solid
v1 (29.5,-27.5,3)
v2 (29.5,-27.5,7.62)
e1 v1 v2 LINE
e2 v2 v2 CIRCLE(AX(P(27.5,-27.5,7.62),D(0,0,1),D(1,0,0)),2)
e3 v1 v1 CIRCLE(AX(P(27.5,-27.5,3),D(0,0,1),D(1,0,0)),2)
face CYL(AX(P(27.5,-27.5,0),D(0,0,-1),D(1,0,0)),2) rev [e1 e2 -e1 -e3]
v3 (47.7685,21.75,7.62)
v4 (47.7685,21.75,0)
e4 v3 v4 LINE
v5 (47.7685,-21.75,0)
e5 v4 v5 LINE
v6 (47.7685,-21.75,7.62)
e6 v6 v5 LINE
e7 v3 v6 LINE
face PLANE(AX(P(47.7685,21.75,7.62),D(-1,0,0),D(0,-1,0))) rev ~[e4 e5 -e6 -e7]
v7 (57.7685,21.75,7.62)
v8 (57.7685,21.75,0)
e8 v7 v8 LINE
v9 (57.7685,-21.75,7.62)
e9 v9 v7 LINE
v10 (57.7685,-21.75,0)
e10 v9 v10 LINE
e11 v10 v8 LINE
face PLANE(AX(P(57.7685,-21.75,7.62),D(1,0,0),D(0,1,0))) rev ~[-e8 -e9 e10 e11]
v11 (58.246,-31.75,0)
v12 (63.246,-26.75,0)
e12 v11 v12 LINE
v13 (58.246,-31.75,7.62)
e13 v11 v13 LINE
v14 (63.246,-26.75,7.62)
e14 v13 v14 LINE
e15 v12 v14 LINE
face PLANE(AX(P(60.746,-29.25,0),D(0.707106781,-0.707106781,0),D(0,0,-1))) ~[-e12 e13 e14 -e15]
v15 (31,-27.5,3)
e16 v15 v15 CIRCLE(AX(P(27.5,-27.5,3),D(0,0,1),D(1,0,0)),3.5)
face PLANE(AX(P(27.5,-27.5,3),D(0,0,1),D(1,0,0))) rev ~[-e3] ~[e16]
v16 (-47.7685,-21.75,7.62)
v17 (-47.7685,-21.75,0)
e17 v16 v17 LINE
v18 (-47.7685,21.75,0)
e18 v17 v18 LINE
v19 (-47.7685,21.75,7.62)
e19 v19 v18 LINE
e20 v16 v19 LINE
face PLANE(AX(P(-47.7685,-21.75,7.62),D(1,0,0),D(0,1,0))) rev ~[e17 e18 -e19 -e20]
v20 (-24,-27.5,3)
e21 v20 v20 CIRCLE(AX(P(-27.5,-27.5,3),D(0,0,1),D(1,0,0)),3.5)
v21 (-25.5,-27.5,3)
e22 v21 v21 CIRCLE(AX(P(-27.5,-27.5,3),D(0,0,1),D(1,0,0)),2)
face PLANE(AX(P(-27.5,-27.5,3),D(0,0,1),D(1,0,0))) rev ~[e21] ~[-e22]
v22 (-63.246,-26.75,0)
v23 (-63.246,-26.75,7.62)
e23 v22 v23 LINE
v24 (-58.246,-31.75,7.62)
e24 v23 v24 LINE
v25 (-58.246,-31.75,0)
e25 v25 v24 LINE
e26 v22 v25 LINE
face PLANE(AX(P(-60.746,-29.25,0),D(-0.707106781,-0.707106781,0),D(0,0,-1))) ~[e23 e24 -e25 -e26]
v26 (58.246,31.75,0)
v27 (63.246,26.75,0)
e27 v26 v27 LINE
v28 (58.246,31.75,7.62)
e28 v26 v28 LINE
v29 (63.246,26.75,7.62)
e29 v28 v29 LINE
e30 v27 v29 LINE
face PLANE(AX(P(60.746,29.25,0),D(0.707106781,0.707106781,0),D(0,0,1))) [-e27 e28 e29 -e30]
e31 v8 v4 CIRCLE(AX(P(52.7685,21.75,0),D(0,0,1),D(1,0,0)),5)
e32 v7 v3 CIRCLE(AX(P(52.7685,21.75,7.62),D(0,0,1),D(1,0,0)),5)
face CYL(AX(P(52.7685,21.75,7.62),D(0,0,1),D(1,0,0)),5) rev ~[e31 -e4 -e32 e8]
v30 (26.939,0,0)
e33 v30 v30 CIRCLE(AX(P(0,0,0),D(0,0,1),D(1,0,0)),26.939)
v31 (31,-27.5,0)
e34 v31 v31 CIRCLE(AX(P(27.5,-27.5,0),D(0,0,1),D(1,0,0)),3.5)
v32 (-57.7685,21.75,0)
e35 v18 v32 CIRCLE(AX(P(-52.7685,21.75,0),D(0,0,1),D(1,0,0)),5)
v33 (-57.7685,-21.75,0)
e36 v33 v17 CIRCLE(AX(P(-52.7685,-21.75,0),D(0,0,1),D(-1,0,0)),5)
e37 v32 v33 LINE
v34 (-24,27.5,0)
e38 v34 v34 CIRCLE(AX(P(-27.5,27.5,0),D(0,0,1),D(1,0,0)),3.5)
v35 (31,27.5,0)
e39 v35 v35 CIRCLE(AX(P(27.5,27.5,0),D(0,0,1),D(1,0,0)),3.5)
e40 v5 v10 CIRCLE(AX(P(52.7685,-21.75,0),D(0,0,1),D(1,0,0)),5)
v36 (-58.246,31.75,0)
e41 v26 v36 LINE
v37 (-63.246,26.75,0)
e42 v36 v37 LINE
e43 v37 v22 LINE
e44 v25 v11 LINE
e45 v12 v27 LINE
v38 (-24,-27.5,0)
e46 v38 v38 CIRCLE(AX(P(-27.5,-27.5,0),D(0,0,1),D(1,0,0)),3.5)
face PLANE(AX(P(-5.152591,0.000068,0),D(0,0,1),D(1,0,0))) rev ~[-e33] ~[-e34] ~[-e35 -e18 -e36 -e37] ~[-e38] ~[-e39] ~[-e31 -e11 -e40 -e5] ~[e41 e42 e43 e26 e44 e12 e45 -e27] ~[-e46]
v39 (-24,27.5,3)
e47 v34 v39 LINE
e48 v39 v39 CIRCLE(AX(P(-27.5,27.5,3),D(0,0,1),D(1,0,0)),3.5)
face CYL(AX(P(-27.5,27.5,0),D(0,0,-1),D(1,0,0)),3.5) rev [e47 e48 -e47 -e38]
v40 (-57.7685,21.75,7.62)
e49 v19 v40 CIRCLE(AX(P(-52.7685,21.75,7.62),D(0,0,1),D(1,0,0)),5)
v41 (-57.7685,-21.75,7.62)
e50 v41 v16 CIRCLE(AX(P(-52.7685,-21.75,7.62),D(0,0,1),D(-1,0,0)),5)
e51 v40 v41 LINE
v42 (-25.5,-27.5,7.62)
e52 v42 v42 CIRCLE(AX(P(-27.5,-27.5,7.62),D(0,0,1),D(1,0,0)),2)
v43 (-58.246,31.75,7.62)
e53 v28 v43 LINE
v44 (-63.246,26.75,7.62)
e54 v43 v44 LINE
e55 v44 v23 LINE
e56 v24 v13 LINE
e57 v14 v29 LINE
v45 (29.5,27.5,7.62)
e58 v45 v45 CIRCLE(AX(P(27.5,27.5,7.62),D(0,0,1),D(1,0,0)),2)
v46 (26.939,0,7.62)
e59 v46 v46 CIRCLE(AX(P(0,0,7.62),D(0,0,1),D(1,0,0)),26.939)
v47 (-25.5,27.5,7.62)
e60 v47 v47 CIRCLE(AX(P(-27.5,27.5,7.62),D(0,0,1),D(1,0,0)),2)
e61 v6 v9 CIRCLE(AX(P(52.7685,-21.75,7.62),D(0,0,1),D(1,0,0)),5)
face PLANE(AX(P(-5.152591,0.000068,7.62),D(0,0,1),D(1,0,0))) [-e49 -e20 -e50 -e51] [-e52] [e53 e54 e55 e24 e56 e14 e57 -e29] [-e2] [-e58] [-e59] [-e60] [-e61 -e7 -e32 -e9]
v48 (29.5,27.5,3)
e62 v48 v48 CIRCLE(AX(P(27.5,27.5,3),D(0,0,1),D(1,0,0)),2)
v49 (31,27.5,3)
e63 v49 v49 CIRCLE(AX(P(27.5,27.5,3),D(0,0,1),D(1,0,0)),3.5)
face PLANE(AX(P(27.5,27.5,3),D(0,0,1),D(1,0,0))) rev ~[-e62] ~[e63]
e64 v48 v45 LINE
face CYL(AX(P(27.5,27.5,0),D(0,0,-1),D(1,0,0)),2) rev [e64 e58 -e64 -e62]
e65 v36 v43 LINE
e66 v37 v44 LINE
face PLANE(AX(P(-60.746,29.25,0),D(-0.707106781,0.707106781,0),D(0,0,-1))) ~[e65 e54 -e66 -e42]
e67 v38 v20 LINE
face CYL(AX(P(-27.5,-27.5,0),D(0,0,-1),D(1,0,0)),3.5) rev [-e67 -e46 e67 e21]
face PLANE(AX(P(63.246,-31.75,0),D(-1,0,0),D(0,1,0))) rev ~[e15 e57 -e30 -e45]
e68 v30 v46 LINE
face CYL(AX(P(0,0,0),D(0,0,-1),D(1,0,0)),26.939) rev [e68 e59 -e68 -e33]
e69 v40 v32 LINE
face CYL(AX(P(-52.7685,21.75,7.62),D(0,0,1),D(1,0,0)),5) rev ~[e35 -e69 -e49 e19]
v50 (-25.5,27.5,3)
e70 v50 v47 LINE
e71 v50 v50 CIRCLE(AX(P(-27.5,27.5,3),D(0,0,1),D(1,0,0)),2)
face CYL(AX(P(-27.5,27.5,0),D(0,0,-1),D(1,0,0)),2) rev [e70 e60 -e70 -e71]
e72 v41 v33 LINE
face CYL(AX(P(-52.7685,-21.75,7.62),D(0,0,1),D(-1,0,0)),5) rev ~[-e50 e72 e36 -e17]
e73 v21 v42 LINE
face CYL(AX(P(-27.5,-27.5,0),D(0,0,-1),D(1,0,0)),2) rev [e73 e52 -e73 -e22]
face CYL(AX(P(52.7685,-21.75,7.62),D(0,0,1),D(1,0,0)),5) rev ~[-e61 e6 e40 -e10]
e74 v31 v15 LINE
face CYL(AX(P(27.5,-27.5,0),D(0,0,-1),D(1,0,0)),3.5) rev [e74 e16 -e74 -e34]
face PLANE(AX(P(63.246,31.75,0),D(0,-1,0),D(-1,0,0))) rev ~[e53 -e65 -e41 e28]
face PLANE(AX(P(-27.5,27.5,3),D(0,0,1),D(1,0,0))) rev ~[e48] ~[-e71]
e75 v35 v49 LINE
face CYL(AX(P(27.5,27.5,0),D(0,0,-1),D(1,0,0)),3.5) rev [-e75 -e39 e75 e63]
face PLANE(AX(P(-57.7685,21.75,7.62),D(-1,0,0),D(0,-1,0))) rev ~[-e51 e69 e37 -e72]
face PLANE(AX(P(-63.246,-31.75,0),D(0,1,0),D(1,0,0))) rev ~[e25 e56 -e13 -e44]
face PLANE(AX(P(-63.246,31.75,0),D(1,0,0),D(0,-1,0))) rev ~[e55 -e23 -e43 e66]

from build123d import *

# Parameters (mm, degrees)
F0_R     = 3.5
F0_R_2   = 26.939
F0_R_3   = 2
F1_DEPTH = 7.62
F2_SIZE  = 5
F3_DEPTH = 3
F5_DEPTH = 7.621


with BuildPart() as f1:
    # F0 (on Top) → F1 (new body)
    with BuildSketch(Plane.XY):
        with BuildLine():
            Line((-63.246, -31.75), (53.4919352041, -31.75))
            ThreePointArc((53.4919352041, -31.75), (54.587432302, -27.425845124), (55.5221311631, -23.0641060991))
            ThreePointArc((55.5221311631, -23.0641060991), (57.1917396179, -11.5857281785), (57.75, 0))
            ThreePointArc((57.75, 0), (57.2729939153, 10.71125257), (55.8457521723, 21.3377029383))
            ThreePointArc((55.8457521723, 21.3377029383), (54.7842028331, 26.5699297025), (53.4919352041, 31.75))
            Line((53.4919352041, 31.75), (-63.246, 31.75))
            Line((-63.246, 31.75), (-63.246, 4.9753375765))
            ThreePointArc((-63.246, 4.9753375765), (-59.3944076529, 3.7067505986), (-57.75, 0))
            ThreePointArc((-57.75, 0), (-59.3944076529, -3.7067505986), (-63.246, -4.9753375765))
            Line((-63.246, -4.9753375765), (-63.246, -31.75))
        make_face()
        with Locations((-27.5, -27.5)):
            Circle(F0_R, mode=Mode.SUBTRACT)
        with Locations((27.5, -27.5)):
            Circle(F0_R, mode=Mode.SUBTRACT)
        Circle(F0_R_2, mode=Mode.SUBTRACT)
        with Locations((-27.5, 27.5)):
            Circle(F0_R, mode=Mode.SUBTRACT)
        with Locations((27.5, 27.5)):
            Circle(F0_R, mode=Mode.SUBTRACT)
        with BuildLine():
            ThreePointArc((57.75, 0), (57.1917396179, -11.5857281785), (55.5221311631, -23.0641060991))
            ThreePointArc((55.5221311631, -23.0641060991), (57.5950674928, -19.9022732128), (61.2887553012, -19.0954754674))
            ThreePointArc((61.2887553012, -19.0954754674), (62.1685752816, -12.0664638405), (62.6503984064, -4.9990078538))
            ThreePointArc((62.6503984064, -4.9990078538), (59.1794252586, -3.5001422851), (57.75, 0))
        make_face()
        with BuildLine():
            ThreePointArc((61.5539163411, 17.285438446), (57.8723808444, 18.1459903288), (55.8457521723, 21.3377029383))
            ThreePointArc((55.8457521723, 21.3377029383), (57.2729939153, 10.71125257), (57.75, 0))
            ThreePointArc((57.75, 0), (59.1794252586, 3.5001422851), (62.6503984064, 4.9990078538))
            ThreePointArc((62.6503984064, 4.9990078538), (62.2532011392, 11.1557027996), (61.5539163411, 17.285438446))
        make_face()
        with BuildLine():
            Line((-63.246, 4.9753375765), (-63.246, -4.9753375765))
            ThreePointArc((-63.246, -4.9753375765), (-59.3944076529, -3.7067505986), (-57.75, 0))
            ThreePointArc((-57.75, 0), (-59.3944076529, 3.7067505986), (-63.246, 4.9753375765))
        make_face()
        with BuildLine():
            ThreePointArc((61.5539163411, 17.285438446), (60.7667377697, 22.2230846359), (59.7835039964, 27.1254566482))
            ThreePointArc((59.7835039964, 27.1254566482), (56.6327959648, 25.0356502181), (55.8457521723, 21.3377029383))
            ThreePointArc((55.8457521723, 21.3377029383), (57.8723808444, 18.1459903288), (61.5539163411, 17.285438446))
        make_face()
        with BuildLine():
            ThreePointArc((62.6503984064, 4.9990078538), (59.1794252586, 3.5001422851), (57.75, 0))
            ThreePointArc((57.75, 0), (59.1794252586, -3.5001422851), (62.6503984064, -4.9990078538))
            ThreePointArc((62.6503984064, -4.9990078538), (62.7250971309, -2.5), (62.75, 0))
            ThreePointArc((62.75, 0), (62.7250971309, 2.5), (62.6503984064, 4.9990078538))
        make_face()
        with BuildLine():
            ThreePointArc((55.5221311631, -23.0641060991), (56.2551893582, -26.7731327404), (59.375101392, -28.9086424794))
            ThreePointArc((59.375101392, -28.9086424794), (60.4296884523, -24.0211230541), (61.2887553012, -19.0954754674))
            ThreePointArc((61.2887553012, -19.0954754674), (57.5950674928, -19.9022732128), (55.5221311631, -23.0641060991))
        make_face()
        with Locations((-27.5, -27.5)):
            Circle(F0_R)
        with Locations((-27.5, -27.5)):
            Circle(F0_R_3, mode=Mode.SUBTRACT)
        with Locations((-27.5, 27.5)):
            Circle(F0_R)
        with Locations((-27.5, 27.5)):
            Circle(F0_R_3, mode=Mode.SUBTRACT)
        with Locations((27.5, 27.5)):
            Circle(F0_R)
        with Locations((27.5, 27.5)):
            Circle(F0_R_3, mode=Mode.SUBTRACT)
        with Locations((27.5, -27.5)):
            Circle(F0_R)
        with Locations((27.5, -27.5)):
            Circle(F0_R_3, mode=Mode.SUBTRACT)
        with BuildLine():
            ThreePointArc((59.7835039964, 27.1254566482), (59.2473718355, 29.4430172575), (58.6674102013, 31.75))
            Line((58.6674102013, 31.75), (53.4919352041, 31.75))
            ThreePointArc((53.4919352041, 31.75), (54.7842028331, 26.5699297025), (55.8457521723, 21.3377029383))
            ThreePointArc((55.8457521723, 21.3377029383), (56.6327959648, 25.0356502181), (59.7835039964, 27.1254566482))
        make_face()
        with BuildLine():
            ThreePointArc((59.375101392, -28.9086424794), (61.3882555849, -28.928377791), (63.246, -28.1525137724))
            Line((63.246, -28.1525137724), (63.246, -19.8897323359))
            ThreePointArc((63.246, -19.8897323359), (62.3097981786, -19.3880692646), (61.2887553012, -19.0954754674))
            ThreePointArc((61.2887553012, -19.0954754674), (60.4296884523, -24.0211230541), (59.375101392, -28.9086424794))
        make_face()
        with BuildLine():
            ThreePointArc((63.246, 26.5651185825), (61.5654992942, 27.1588702904), (59.7835039964, 27.1254566482))
            ThreePointArc((59.7835039964, 27.1254566482), (60.7667377697, 22.2230846359), (61.5539163411, 17.285438446))
            ThreePointArc((61.5539163411, 17.285438446), (62.4268875713, 17.5067404334), (63.246, 17.8810506893))
            Line((63.246, 17.8810506893), (63.246, 26.5651185825))
        make_face()
        with BuildLine():
            Line((53.4919352041, -31.75), (58.6674102013, -31.75))
            ThreePointArc((58.6674102013, -31.75), (59.0295428897, -30.3313852893), (59.375101392, -28.9086424794))
            ThreePointArc((59.375101392, -28.9086424794), (56.2551893582, -26.7731327404), (55.5221311631, -23.0641060991))
            ThreePointArc((55.5221311631, -23.0641060991), (54.587432302, -27.425845124), (53.4919352041, -31.75))
        make_face()
        with BuildLine():
            Line((63.246, 31.75), (58.6674102013, 31.75))
            ThreePointArc((58.6674102013, 31.75), (59.2473718355, 29.4430172575), (59.7835039964, 27.1254566482))
            ThreePointArc((59.7835039964, 27.1254566482), (61.5654992942, 27.1588702904), (63.246, 26.5651185825))
            Line((63.246, 26.5651185825), (63.246, 31.75))
        make_face()
        with BuildLine():
            ThreePointArc((61.2887553012, -19.0954754674), (62.3097981786, -19.3880692646), (63.246, -19.8897323359))
            Line((63.246, -19.8897323359), (63.246, -4.9753375765))
            ThreePointArc((63.246, -4.9753375765), (62.9485522467, -4.9960561451), (62.6503984064, -4.9990078538))
            ThreePointArc((62.6503984064, -4.9990078538), (62.1685752816, -12.0664638405), (61.2887553012, -19.0954754674))
        make_face()
        with BuildLine():
            ThreePointArc((63.246, 17.8810506893), (62.4268875713, 17.5067404334), (61.5539163411, 17.285438446))
            ThreePointArc((61.5539163411, 17.285438446), (62.2532011392, 11.1557027996), (62.6503984064, 4.9990078538))
            ThreePointArc((62.6503984064, 4.9990078538), (62.9485522467, 4.9960561451), (63.246, 4.9753375765))
            Line((63.246, 4.9753375765), (63.246, 17.8810506893))
        make_face()
        with BuildLine():
            Line((58.6674102013, -31.75), (63.246, -31.75))
            Line((63.246, -31.75), (63.246, -28.1525137724))
            ThreePointArc((63.246, -28.1525137724), (61.3882555849, -28.928377791), (59.375101392, -28.9086424794))
            ThreePointArc((59.375101392, -28.9086424794), (59.0295428897, -30.3313852893), (58.6674102013, -31.75))
        make_face()
        with BuildLine():
            ThreePointArc((62.6503984064, -4.9990078538), (62.9485522467, -4.9960561451), (63.246, -4.9753375765))
            Line((63.246, -4.9753375765), (63.246, 4.9753375765))
            ThreePointArc((63.246, 4.9753375765), (62.9485522467, 4.9960561451), (62.6503984064, 4.9990078538))
            ThreePointArc((62.6503984064, 4.9990078538), (62.7250971309, 2.5), (62.75, 0))
            ThreePointArc((62.75, 0), (62.7250971309, -2.5), (62.6503984064, -4.9990078538))
        make_face()
    extrude(amount=F1_DEPTH)

    # F2
    f2_edges = [f1.edges().sort_by_distance(p)[0] for p in [
        (-63.246, 31.75, 3.81),
        (-63.246, -31.75, 3.81),
        (63.246, 31.75, 3.81),
        (63.246, -31.75, 3.81),
    ]]
    chamfer(f2_edges, length=F2_SIZE)

    # F0 (on Top) → F3 (cut)
    with BuildSketch(Plane.XY):
        with Locations((-27.5, -27.5)):
            Circle(F0_R)
        with Locations((-27.5, -27.5)):
            Circle(F0_R_3, mode=Mode.SUBTRACT)
        with Locations((27.5, -27.5)):
            Circle(F0_R)
        with Locations((27.5, -27.5)):
            Circle(F0_R_3, mode=Mode.SUBTRACT)
        with Locations((-27.5, 27.5)):
            Circle(F0_R)
        with Locations((-27.5, 27.5)):
            Circle(F0_R_3, mode=Mode.SUBTRACT)
        with Locations((27.5, 27.5)):
            Circle(F0_R)
        with Locations((27.5, 27.5)):
            Circle(F0_R_3, mode=Mode.SUBTRACT)
    extrude(amount=F3_DEPTH, mode=Mode.SUBTRACT)

    # F4 (on face) → F5 (cut, through all)
    with BuildSketch(Plane.XY.offset(7.62)):
        with BuildLine():
            Line((-47.7685, -21.75), (-47.7685, 0))
            ThreePointArc((-47.7685, 0), (-52.7685000018, -5), (-57.7685, 3.6e-09))
            Line((-57.7685, 3.6e-09), (-57.7685, -21.75))
            ThreePointArc((-57.7685, -21.75), (-52.7685, -16.75), (-47.7685, -21.75))
        make_face()
        with BuildLine():
            ThreePointArc((-57.7685, 3.6e-09), (-52.7685000018, -5), (-47.7685, 0))
            ThreePointArc((-47.7685, 0), (-52.7684999982, 5), (-57.7685, 3.6e-09))
        make_face()
        with BuildLine():
            ThreePointArc((-57.7685, 3.6e-09), (-52.7684999982, 5), (-47.7685, 0))
            Line((-47.7685, 0), (-47.7685, 21.75))
            ThreePointArc((-47.7685, 21.75), (-52.7685, 16.75), (-57.7685, 21.75))
            Line((-57.7685, 21.75), (-57.7685, 3.6e-09))
        make_face()
        with BuildLine():
            ThreePointArc((-57.7685, 21.75), (-52.7685, 16.75), (-47.7685, 21.75))
            Line((-47.7685, 21.75), (-57.7685, 21.75))
        make_face()
        with BuildLine():
            Line((-57.7685, 21.75), (-47.7685, 21.75))
            ThreePointArc((-47.7685, 21.75), (-52.7685, 26.75), (-57.7685, 21.75))
        make_face()
        with BuildLine():
            Line((-57.7685, -21.75), (-47.7685, -21.75))
            ThreePointArc((-47.7685, -21.75), (-52.7685, -16.75), (-57.7685, -21.75))
        make_face()
        with BuildLine():
            ThreePointArc((-57.7685, -21.75), (-52.7685, -26.75), (-47.7685, -21.75))
            Line((-47.7685, -21.75), (-57.7685, -21.75))
        make_face()
        with BuildLine():
            ThreePointArc((47.7685, -21.75), (52.7685, -26.75), (57.7685, -21.75))
            ThreePointArc((57.7685, -21.75), (52.7685, -16.75), (47.7685, -21.75))
        make_face()
        with BuildLine():
            Line((57.7685, -21.75), (57.7685, 21.75))
            ThreePointArc((57.7685, 21.75), (52.7685, 16.75), (47.7685, 21.75))
            Line((47.7685, 21.75), (47.7685, -21.75))
            ThreePointArc((47.7685, -21.75), (52.7685, -16.75), (57.7685, -21.75))
        make_face()
        with BuildLine():
            ThreePointArc((47.7685, 21.75), (52.7685, 16.75), (57.7685, 21.75))
            ThreePointArc((57.7685, 21.75), (52.7685, 26.75), (47.7685, 21.75))
        make_face()
    extrude(amount=-F5_DEPTH, mode=Mode.SUBTRACT)


solid = f1.part
